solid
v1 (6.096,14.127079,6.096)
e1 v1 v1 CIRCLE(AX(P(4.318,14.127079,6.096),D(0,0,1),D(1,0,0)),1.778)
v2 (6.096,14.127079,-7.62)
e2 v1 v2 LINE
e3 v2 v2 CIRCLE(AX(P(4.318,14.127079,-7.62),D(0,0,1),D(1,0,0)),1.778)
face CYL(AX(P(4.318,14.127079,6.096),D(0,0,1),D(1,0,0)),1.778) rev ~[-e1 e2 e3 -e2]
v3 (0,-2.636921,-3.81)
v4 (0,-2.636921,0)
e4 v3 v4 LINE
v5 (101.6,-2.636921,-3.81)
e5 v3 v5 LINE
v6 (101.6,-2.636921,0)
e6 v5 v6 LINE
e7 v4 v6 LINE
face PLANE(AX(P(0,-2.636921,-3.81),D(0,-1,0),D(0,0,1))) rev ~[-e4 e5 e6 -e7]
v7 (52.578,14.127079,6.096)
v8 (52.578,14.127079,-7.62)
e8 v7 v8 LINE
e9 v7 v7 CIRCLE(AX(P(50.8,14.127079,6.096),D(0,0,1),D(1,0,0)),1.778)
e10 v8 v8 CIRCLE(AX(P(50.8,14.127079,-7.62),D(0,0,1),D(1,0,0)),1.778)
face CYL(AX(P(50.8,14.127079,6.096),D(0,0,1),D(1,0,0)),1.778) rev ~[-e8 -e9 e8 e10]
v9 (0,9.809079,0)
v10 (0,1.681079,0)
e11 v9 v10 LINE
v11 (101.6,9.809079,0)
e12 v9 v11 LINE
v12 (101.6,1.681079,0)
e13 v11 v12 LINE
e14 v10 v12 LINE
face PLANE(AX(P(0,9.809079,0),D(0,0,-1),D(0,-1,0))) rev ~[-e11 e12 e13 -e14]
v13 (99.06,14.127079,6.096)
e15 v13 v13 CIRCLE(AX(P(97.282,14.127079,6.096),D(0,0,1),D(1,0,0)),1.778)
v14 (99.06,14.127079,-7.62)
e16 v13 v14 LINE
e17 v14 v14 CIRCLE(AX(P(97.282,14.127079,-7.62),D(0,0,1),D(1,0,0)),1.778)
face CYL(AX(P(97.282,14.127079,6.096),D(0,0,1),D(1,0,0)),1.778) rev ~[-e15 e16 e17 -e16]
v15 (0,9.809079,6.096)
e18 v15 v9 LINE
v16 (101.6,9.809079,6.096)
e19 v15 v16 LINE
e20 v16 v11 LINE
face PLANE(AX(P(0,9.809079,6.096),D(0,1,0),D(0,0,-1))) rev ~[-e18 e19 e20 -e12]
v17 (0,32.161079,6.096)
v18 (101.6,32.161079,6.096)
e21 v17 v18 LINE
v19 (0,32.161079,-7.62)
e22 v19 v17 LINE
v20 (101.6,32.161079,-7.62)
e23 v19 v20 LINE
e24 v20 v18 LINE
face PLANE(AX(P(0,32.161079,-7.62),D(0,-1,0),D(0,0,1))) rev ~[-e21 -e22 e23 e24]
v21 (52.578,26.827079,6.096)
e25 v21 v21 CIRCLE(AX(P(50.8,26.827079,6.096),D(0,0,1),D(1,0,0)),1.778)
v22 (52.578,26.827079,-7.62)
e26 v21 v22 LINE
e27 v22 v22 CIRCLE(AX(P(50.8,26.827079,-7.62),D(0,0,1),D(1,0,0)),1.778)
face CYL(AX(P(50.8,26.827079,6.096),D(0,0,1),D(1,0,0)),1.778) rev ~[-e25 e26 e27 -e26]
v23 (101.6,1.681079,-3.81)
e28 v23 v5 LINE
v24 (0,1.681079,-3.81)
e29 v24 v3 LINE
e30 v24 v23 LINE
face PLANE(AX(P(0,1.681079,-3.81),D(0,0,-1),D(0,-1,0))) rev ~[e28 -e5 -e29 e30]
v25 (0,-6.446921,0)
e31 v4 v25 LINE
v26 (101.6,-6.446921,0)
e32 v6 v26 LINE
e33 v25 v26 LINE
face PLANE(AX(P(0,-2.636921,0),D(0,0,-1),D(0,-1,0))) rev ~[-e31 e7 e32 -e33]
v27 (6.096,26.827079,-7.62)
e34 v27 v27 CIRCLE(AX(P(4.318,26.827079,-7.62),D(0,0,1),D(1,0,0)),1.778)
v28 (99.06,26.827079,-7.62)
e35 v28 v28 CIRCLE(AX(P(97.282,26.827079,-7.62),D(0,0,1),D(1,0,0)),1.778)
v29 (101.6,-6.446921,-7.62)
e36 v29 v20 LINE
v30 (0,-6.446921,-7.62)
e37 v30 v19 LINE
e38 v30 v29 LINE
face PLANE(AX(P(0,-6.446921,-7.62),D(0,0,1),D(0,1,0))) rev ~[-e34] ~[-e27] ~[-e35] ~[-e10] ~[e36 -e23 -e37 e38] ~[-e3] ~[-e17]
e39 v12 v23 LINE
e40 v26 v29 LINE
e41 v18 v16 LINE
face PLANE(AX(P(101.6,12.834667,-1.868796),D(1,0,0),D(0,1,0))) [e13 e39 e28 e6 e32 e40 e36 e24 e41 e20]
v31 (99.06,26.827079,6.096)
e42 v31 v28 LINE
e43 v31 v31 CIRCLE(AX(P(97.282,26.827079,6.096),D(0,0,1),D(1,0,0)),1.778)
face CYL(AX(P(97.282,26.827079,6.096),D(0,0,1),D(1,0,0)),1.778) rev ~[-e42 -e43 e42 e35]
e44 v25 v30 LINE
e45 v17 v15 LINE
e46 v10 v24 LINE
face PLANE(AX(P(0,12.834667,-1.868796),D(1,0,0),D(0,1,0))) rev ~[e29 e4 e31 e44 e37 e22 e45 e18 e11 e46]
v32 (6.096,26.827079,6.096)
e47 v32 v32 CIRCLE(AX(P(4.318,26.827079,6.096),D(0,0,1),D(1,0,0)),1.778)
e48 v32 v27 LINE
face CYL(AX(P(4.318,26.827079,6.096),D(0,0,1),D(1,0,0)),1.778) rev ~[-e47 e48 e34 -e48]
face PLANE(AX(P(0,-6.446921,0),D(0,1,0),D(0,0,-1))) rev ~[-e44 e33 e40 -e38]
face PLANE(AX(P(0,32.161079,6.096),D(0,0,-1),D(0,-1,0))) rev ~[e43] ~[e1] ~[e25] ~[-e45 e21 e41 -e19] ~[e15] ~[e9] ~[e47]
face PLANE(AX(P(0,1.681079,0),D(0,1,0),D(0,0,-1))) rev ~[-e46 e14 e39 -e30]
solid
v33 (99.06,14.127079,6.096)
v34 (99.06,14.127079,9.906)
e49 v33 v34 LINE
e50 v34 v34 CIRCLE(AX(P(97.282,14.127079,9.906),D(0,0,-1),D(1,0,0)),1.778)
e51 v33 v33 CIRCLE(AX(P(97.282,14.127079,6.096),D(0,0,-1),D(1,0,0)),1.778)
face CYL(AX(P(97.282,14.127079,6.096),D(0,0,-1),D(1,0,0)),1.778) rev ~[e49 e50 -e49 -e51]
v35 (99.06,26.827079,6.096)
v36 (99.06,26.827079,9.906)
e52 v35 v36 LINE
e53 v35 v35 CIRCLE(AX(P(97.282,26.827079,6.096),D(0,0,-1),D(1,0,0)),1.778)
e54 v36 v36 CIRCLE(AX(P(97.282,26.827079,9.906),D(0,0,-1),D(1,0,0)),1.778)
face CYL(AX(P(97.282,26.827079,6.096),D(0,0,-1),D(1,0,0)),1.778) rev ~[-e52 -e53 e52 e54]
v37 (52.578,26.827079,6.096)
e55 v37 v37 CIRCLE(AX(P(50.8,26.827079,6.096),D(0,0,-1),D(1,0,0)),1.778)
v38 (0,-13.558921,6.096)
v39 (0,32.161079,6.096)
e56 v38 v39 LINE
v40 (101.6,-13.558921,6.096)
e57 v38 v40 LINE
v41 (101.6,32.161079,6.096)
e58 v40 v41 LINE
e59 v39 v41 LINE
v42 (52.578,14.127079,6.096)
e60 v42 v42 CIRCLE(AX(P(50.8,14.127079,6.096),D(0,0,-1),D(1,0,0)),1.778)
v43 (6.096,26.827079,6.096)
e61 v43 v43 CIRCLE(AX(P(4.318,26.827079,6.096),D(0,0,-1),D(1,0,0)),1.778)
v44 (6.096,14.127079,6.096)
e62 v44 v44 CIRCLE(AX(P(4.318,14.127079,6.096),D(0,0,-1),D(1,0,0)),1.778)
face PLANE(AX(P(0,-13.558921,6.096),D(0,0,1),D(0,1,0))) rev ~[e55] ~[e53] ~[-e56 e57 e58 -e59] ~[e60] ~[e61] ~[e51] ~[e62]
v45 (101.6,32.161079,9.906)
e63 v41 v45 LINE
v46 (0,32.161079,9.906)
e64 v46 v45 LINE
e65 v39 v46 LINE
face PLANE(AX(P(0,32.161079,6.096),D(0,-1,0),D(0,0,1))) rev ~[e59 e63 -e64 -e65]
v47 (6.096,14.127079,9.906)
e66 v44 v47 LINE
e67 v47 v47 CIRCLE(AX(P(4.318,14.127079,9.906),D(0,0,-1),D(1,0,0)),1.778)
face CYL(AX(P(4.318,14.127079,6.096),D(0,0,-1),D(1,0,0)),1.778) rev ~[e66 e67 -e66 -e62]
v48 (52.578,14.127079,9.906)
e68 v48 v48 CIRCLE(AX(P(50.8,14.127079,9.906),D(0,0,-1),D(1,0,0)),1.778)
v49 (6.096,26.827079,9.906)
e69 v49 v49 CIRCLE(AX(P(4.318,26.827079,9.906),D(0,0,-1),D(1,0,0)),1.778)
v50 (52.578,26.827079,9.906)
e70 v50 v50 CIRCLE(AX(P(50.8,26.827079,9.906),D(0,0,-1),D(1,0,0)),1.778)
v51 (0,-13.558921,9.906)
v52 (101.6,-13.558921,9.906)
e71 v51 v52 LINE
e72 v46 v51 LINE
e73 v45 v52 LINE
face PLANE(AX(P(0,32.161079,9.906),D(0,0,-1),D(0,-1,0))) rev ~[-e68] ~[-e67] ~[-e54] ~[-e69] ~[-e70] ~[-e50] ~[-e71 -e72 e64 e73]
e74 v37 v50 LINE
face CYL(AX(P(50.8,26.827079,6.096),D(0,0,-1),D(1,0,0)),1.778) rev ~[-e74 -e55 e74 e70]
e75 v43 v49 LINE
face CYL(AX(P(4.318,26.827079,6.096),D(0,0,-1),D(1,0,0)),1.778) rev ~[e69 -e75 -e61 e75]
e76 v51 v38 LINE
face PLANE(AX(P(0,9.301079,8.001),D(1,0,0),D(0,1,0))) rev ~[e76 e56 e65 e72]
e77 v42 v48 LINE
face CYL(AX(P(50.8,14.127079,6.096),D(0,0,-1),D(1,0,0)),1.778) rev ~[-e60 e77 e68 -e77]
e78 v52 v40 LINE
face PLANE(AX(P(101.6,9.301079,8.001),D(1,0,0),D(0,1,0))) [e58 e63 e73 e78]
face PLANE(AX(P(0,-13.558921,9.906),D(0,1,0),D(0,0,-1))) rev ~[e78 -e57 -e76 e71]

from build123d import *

# Parameters (mm, degrees)
F1_DEPTH = 101.6
F2_R     = 1.778
F3_DEPTH = 13.717
F5_DEPTH = 101.6
F6_R     = 1.778
F7_DEPTH = 3.811


with BuildPart() as f1:
    # F0 (on Right) → F1 (new body)
    with BuildSketch(Plane.YZ):
        Polygon((-6.446921, 0), (-6.446921, -7.62), (32.161079, -7.62), (32.161079, 0), (32.161079, 6.096), (9.809079, 6.096), (9.809079, 0), (1.681079, 0), (1.681079, -3.81), (-2.636921, -3.81), (-2.636921, 0), align=None)
    extrude(amount=F1_DEPTH)

    # F2 (on face) → F3 (cut, through all)
    with BuildSketch(Plane.XY.offset(6.096)):
        with Locations((97.282, 14.127079)):
            Circle(F2_R)
        with Locations((97.282, 26.827079)):
            Circle(F2_R)
        with Locations((4.318, 14.127079)):
            Circle(F2_R)
        with Locations((4.318, 26.827079)):
            Circle(F2_R)
        with Locations((50.8, 14.127079)):
            Circle(F2_R)
        with Locations((50.8, 26.827079)):
            Circle(F2_R)
    extrude(amount=-F3_DEPTH, mode=Mode.SUBTRACT)


with BuildPart() as f5:
    # F4 (on Right) → F5 (new body, through all)
    with BuildSketch(Plane.YZ):
        Polygon((-13.558921, 9.906), (-13.558921, 6.096), (9.809079, 6.096), (32.161079, 6.096), (32.161079, 9.906), align=None)
    extrude(amount=F5_DEPTH)

    # F6 (on face) → F7 (cut, through all)
    with BuildSketch(Plane(origin=(0, 0, 6.096), x_dir=(1, 0, 0), z_dir=(0, 0, -1))):
        with Locations((97.282, -14.127079)):
            Circle(F6_R)
        with Locations((50.8, -14.127079)):
            Circle(F6_R)
        with Locations((4.318, -14.127079)):
            Circle(F6_R)
        with Locations((4.318, -26.827079)):
            Circle(F6_R)
        with Locations((50.8, -26.827079)):
            Circle(F6_R)
        with Locations((97.282, -26.827079)):
            Circle(F6_R)
    extrude(amount=-F7_DEPTH, mode=Mode.SUBTRACT)


solid = Compound([f1.part, f5.part])
